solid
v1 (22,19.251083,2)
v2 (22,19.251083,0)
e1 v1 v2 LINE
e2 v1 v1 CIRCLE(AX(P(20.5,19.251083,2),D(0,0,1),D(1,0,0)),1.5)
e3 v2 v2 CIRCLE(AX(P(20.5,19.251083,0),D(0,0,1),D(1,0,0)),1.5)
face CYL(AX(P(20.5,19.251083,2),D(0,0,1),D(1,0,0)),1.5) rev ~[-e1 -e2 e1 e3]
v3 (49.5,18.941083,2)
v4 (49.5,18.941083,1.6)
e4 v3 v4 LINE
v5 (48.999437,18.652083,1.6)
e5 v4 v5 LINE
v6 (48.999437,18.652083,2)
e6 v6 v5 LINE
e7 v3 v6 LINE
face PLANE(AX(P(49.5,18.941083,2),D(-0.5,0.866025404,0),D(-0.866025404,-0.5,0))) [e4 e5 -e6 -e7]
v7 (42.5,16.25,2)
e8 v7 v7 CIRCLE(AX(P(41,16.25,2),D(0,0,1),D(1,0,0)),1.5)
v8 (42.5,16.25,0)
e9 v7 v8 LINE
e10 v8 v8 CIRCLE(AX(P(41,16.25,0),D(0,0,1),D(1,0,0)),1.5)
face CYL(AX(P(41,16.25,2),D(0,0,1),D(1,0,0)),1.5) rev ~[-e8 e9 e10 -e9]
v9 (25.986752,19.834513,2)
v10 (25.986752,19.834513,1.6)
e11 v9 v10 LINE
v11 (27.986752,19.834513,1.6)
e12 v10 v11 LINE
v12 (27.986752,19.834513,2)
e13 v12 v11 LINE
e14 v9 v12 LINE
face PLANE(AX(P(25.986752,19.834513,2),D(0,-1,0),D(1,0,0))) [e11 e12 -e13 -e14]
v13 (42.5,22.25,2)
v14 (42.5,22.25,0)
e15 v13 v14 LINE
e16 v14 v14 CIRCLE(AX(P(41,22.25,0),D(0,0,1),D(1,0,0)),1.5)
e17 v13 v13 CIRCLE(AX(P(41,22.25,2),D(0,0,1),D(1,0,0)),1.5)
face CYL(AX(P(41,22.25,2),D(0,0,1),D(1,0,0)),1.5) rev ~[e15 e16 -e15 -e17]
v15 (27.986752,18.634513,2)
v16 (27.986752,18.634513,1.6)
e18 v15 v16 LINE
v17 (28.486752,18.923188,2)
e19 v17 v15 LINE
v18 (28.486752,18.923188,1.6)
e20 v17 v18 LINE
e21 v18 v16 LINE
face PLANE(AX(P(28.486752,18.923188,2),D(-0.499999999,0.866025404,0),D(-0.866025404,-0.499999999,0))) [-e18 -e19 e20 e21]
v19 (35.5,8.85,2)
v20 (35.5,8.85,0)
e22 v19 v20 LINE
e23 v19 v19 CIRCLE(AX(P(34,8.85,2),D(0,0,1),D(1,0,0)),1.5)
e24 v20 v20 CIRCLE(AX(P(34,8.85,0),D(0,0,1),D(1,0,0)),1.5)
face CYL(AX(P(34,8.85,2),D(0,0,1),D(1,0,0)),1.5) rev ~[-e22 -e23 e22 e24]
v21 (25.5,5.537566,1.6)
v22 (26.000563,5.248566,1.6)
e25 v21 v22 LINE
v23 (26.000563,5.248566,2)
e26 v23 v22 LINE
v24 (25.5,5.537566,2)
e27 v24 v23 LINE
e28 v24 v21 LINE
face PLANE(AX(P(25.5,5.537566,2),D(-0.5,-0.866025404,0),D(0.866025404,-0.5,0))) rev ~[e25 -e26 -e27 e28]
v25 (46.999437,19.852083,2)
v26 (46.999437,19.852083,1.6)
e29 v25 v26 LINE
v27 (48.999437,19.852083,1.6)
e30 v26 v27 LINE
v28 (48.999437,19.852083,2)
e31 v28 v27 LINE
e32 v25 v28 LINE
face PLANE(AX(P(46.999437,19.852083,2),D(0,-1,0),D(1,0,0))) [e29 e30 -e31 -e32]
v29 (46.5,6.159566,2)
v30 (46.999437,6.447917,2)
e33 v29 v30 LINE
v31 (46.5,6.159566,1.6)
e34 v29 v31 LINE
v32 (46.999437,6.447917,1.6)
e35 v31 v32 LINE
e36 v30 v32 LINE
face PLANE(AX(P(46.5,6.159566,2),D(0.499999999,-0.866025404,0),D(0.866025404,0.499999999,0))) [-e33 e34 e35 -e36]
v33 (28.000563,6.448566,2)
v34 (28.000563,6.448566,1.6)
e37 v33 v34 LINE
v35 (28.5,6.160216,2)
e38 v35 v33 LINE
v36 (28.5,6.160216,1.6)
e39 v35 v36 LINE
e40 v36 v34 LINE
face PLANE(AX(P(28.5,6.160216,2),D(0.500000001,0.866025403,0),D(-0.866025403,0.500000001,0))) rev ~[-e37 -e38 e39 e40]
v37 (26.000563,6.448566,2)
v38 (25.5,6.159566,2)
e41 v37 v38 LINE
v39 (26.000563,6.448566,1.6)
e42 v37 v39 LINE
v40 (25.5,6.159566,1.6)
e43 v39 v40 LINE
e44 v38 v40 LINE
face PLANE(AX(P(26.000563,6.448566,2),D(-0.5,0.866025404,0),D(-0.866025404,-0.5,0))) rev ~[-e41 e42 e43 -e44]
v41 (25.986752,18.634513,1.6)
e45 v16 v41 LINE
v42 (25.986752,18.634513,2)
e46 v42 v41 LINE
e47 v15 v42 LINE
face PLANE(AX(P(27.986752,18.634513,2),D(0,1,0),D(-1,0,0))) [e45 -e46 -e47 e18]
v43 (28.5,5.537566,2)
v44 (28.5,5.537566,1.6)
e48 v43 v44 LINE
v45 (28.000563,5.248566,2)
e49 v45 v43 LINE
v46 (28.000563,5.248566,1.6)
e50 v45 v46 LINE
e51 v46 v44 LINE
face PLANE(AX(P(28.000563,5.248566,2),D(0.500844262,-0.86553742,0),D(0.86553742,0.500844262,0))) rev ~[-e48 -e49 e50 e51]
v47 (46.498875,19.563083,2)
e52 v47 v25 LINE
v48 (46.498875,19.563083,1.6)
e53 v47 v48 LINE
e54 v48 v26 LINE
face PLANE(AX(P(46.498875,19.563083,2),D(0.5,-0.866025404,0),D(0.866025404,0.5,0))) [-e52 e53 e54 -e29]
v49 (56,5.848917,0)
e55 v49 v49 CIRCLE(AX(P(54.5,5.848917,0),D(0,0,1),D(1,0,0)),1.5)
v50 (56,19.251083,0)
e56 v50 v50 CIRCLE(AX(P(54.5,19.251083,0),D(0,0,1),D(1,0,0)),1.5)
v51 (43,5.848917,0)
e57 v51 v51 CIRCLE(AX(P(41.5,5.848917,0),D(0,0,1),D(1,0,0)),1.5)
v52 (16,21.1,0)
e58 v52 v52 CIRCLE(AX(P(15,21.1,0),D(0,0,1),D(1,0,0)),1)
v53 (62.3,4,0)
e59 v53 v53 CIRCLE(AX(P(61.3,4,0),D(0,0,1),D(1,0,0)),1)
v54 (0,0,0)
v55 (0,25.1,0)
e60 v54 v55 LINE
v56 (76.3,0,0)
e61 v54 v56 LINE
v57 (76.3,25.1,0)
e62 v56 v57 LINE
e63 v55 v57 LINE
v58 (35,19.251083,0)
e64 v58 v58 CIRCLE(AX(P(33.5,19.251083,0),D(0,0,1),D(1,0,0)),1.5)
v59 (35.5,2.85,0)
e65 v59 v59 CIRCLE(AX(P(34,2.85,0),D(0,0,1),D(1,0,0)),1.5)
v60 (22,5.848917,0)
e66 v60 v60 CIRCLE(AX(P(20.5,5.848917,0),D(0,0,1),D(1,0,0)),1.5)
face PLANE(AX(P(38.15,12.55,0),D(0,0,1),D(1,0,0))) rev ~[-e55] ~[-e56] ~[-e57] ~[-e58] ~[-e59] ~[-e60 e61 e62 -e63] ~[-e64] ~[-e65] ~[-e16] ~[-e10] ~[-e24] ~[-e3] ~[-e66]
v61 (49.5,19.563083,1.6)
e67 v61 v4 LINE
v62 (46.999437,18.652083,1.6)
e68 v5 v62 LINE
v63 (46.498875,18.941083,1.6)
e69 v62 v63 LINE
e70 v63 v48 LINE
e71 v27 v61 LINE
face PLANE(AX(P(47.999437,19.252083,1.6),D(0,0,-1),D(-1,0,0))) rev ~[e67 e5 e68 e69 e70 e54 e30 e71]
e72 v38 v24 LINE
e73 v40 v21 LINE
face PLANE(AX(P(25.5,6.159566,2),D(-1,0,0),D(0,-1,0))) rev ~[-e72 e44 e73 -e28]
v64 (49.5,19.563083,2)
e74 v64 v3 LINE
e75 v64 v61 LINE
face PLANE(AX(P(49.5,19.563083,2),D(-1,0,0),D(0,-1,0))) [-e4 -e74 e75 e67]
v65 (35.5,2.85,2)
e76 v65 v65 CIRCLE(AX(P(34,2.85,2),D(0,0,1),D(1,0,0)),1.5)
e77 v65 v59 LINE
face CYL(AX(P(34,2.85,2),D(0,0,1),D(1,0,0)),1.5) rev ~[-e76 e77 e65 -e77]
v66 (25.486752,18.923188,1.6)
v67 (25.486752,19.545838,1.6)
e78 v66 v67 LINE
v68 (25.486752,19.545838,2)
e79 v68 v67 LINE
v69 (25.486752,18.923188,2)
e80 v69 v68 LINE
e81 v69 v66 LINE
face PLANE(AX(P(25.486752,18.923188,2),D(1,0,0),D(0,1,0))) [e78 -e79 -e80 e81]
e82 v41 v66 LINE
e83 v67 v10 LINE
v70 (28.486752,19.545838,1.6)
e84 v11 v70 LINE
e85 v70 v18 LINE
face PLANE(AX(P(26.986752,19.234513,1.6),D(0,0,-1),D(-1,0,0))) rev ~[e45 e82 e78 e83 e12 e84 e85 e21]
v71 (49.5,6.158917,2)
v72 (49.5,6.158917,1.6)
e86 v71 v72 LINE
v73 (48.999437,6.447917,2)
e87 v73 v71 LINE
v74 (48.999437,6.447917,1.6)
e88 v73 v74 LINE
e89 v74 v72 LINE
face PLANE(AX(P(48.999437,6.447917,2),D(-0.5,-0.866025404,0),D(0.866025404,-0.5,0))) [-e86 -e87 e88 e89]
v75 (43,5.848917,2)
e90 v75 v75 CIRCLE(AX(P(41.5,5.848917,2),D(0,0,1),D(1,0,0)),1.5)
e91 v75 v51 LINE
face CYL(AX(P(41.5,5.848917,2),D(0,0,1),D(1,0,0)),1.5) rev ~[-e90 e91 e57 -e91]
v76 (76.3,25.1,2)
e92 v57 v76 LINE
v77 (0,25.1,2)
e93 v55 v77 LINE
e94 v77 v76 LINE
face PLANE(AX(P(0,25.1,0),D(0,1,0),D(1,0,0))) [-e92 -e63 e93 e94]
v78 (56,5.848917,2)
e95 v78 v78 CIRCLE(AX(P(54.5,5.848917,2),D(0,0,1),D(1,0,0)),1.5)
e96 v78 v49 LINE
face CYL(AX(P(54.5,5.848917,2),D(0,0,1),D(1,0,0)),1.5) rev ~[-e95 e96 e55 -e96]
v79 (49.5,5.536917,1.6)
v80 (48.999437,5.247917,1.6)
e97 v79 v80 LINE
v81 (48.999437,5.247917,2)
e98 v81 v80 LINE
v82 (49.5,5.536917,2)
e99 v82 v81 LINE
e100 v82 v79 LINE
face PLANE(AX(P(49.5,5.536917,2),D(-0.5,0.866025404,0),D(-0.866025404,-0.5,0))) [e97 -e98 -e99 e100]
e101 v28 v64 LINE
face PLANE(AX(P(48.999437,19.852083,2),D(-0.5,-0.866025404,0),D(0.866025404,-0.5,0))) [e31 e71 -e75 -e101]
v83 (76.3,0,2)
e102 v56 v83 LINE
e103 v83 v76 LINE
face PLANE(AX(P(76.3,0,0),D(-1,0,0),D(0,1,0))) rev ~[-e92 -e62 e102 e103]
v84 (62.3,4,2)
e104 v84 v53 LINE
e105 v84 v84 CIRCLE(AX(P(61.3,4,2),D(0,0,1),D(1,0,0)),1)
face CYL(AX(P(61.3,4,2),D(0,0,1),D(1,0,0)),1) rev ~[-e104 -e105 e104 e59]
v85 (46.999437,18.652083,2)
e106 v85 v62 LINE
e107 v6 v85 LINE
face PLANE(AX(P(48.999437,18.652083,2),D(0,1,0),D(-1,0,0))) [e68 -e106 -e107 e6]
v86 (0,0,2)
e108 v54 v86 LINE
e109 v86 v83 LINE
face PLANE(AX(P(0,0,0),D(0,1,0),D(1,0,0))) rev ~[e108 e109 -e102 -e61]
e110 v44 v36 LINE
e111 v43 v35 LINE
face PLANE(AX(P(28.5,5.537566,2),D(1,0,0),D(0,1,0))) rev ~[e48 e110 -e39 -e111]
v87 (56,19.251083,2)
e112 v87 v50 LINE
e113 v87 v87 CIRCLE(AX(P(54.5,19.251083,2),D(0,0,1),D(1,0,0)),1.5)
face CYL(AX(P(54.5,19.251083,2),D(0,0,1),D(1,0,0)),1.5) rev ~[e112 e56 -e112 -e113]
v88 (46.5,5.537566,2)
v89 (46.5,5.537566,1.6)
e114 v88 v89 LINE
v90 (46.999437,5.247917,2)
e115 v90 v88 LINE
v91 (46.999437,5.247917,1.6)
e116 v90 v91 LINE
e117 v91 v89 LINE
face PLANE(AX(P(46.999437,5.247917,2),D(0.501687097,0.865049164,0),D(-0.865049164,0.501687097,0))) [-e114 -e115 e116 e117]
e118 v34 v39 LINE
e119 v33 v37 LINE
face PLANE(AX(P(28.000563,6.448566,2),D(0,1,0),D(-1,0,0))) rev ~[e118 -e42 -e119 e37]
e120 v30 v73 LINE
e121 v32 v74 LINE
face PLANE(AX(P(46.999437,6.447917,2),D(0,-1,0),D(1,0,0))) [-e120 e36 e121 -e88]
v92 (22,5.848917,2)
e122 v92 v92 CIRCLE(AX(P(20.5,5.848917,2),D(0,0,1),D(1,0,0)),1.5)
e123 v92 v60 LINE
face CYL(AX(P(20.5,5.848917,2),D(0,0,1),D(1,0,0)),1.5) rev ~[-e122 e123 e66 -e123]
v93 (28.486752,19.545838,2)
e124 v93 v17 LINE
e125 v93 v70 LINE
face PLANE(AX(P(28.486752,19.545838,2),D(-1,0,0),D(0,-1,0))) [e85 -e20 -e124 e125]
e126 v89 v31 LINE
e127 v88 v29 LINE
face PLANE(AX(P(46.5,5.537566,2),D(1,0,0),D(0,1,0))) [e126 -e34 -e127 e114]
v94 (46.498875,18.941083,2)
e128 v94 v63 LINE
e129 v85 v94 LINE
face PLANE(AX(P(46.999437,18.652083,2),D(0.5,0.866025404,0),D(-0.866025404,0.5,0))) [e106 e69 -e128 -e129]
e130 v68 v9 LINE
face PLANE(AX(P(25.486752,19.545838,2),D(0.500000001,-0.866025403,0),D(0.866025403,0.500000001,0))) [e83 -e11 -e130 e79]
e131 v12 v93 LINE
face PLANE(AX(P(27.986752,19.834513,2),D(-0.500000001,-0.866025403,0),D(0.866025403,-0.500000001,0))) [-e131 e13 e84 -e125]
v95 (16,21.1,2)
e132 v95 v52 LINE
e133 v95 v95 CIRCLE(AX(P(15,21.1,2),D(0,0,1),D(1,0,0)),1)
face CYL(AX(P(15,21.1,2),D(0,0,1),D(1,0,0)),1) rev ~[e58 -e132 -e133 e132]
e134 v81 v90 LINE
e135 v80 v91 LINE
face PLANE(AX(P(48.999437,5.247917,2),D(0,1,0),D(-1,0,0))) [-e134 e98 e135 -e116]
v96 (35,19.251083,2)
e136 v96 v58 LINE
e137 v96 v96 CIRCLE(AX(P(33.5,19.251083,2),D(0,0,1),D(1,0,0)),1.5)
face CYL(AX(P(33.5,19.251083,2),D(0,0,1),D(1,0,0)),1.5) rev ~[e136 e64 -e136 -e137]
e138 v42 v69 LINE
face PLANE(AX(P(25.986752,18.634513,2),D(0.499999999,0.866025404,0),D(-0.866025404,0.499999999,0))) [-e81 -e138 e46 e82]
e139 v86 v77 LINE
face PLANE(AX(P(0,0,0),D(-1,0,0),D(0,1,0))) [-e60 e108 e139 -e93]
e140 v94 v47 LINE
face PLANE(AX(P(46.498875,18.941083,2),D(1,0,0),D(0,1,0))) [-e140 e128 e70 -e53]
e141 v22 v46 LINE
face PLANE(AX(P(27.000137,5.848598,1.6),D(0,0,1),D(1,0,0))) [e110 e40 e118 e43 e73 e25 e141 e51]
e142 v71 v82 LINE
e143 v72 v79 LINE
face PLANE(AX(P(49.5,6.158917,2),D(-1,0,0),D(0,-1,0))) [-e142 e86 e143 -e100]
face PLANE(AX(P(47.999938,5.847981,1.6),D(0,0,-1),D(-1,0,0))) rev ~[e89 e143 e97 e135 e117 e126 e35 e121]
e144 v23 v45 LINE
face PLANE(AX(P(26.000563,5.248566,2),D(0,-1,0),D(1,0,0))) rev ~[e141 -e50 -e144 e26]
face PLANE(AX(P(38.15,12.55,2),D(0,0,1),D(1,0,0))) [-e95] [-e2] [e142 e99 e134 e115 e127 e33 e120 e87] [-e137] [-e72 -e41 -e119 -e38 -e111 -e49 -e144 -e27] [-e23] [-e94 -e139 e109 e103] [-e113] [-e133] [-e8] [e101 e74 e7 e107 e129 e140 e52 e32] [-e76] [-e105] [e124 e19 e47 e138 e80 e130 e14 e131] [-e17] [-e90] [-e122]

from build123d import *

# Parameters (mm, degrees)
SKETCH1_W           = 76.3
SKETCH1_H           = 25.1
BOSS_EXTRUDE1_DEPTH = 2
SKETCH3_R           = 1
CUT_EXTRUDE2_DEPTH  = 10
SKETCH10_R          = 1.5
CUT_EXTRUDE8_DEPTH  = 2
CUT_EXTRUDE10_DEPTH = 0.4


with BuildPart() as part:
    # Sketch1 → Boss-Extrude1 (new body)
    with BuildSketch(Plane.XY):
        with Locations((38.15, 12.55)):
            Rectangle(SKETCH1_W, SKETCH1_H)
    extrude(amount=BOSS_EXTRUDE1_DEPTH)

    # Sketch3 → Cut-Extrude2 (cut)
    with BuildSketch(Plane.XY.offset(2)):
        with Locations((15, 21.1)):
            Circle(SKETCH3_R)
        with Locations((61.3, 4)):
            Circle(SKETCH3_R)
    extrude(amount=-CUT_EXTRUDE2_DEPTH, mode=Mode.SUBTRACT)

    # Sketch10 → Cut-Extrude8 (cut)
    with BuildSketch(Plane.XY.offset(2)):
        with Locations((20.5, 19.25108338)):
            Circle(SKETCH10_R)
        with Locations((20.5, 5.84891662)):
            Circle(SKETCH10_R)
        with Locations((54.5, 5.84891662)):
            Circle(SKETCH10_R)
        with Locations((54.5, 19.25108338)):
            Circle(SKETCH10_R)
        with Locations((33.5, 19.25108338)):
            Circle(SKETCH10_R)
        with Locations((41.5, 5.84891662)):
            Circle(SKETCH10_R)
        with Locations((34, 2.85)):
            Circle(SKETCH10_R)
        with Locations((34, 8.85)):
            Circle(SKETCH10_R)
        with Locations((41, 22.25)):
            Circle(SKETCH10_R)
        with Locations((41, 16.25)):
            Circle(SKETCH10_R)
    extrude(amount=-CUT_EXTRUDE8_DEPTH, mode=Mode.SUBTRACT)

    # Sketch12 → Cut-Extrude10 (cut)
    with BuildSketch(Plane.XY.offset(2)):
        Polygon((25.986752225, 19.834512657), (27.986752225, 19.834512657), (28.486752225, 19.545837522), (28.486752225, 18.923187791), (27.986752225, 18.634512657), (25.986752225, 18.634512657), (25.486752225, 18.923187791), (25.486752225, 19.545837522), align=None)
        Polygon((49.5, 6.15891662), (49.5, 5.53691662), (48.999437317, 5.24791662), (46.999437317, 5.24791662), (46.5, 5.537566351), (46.5, 6.159566351), (46.999437317, 6.44791662), (48.999437317, 6.44791662), align=None)
        Polygon((25.5, 6.159566351), (25.5, 5.537566351), (26.000562683, 5.248566351), (28.000562683, 5.248566351), (28.5, 5.537566351), (28.5, 6.160216081), (28.000562683, 6.448566351), (26.000562683, 6.448566351), align=None)
        Polygon((49.5, 19.56308338), (49.5, 18.94108338), (48.999437317, 18.65208338), (46.999437317, 18.65208338), (46.498874633, 18.94108338), (46.498874633, 19.56308338), (46.999437317, 19.85208338), (48.999437317, 19.85208338), align=None)
    extrude(amount=-CUT_EXTRUDE10_DEPTH, mode=Mode.SUBTRACT)


solid = part.part
